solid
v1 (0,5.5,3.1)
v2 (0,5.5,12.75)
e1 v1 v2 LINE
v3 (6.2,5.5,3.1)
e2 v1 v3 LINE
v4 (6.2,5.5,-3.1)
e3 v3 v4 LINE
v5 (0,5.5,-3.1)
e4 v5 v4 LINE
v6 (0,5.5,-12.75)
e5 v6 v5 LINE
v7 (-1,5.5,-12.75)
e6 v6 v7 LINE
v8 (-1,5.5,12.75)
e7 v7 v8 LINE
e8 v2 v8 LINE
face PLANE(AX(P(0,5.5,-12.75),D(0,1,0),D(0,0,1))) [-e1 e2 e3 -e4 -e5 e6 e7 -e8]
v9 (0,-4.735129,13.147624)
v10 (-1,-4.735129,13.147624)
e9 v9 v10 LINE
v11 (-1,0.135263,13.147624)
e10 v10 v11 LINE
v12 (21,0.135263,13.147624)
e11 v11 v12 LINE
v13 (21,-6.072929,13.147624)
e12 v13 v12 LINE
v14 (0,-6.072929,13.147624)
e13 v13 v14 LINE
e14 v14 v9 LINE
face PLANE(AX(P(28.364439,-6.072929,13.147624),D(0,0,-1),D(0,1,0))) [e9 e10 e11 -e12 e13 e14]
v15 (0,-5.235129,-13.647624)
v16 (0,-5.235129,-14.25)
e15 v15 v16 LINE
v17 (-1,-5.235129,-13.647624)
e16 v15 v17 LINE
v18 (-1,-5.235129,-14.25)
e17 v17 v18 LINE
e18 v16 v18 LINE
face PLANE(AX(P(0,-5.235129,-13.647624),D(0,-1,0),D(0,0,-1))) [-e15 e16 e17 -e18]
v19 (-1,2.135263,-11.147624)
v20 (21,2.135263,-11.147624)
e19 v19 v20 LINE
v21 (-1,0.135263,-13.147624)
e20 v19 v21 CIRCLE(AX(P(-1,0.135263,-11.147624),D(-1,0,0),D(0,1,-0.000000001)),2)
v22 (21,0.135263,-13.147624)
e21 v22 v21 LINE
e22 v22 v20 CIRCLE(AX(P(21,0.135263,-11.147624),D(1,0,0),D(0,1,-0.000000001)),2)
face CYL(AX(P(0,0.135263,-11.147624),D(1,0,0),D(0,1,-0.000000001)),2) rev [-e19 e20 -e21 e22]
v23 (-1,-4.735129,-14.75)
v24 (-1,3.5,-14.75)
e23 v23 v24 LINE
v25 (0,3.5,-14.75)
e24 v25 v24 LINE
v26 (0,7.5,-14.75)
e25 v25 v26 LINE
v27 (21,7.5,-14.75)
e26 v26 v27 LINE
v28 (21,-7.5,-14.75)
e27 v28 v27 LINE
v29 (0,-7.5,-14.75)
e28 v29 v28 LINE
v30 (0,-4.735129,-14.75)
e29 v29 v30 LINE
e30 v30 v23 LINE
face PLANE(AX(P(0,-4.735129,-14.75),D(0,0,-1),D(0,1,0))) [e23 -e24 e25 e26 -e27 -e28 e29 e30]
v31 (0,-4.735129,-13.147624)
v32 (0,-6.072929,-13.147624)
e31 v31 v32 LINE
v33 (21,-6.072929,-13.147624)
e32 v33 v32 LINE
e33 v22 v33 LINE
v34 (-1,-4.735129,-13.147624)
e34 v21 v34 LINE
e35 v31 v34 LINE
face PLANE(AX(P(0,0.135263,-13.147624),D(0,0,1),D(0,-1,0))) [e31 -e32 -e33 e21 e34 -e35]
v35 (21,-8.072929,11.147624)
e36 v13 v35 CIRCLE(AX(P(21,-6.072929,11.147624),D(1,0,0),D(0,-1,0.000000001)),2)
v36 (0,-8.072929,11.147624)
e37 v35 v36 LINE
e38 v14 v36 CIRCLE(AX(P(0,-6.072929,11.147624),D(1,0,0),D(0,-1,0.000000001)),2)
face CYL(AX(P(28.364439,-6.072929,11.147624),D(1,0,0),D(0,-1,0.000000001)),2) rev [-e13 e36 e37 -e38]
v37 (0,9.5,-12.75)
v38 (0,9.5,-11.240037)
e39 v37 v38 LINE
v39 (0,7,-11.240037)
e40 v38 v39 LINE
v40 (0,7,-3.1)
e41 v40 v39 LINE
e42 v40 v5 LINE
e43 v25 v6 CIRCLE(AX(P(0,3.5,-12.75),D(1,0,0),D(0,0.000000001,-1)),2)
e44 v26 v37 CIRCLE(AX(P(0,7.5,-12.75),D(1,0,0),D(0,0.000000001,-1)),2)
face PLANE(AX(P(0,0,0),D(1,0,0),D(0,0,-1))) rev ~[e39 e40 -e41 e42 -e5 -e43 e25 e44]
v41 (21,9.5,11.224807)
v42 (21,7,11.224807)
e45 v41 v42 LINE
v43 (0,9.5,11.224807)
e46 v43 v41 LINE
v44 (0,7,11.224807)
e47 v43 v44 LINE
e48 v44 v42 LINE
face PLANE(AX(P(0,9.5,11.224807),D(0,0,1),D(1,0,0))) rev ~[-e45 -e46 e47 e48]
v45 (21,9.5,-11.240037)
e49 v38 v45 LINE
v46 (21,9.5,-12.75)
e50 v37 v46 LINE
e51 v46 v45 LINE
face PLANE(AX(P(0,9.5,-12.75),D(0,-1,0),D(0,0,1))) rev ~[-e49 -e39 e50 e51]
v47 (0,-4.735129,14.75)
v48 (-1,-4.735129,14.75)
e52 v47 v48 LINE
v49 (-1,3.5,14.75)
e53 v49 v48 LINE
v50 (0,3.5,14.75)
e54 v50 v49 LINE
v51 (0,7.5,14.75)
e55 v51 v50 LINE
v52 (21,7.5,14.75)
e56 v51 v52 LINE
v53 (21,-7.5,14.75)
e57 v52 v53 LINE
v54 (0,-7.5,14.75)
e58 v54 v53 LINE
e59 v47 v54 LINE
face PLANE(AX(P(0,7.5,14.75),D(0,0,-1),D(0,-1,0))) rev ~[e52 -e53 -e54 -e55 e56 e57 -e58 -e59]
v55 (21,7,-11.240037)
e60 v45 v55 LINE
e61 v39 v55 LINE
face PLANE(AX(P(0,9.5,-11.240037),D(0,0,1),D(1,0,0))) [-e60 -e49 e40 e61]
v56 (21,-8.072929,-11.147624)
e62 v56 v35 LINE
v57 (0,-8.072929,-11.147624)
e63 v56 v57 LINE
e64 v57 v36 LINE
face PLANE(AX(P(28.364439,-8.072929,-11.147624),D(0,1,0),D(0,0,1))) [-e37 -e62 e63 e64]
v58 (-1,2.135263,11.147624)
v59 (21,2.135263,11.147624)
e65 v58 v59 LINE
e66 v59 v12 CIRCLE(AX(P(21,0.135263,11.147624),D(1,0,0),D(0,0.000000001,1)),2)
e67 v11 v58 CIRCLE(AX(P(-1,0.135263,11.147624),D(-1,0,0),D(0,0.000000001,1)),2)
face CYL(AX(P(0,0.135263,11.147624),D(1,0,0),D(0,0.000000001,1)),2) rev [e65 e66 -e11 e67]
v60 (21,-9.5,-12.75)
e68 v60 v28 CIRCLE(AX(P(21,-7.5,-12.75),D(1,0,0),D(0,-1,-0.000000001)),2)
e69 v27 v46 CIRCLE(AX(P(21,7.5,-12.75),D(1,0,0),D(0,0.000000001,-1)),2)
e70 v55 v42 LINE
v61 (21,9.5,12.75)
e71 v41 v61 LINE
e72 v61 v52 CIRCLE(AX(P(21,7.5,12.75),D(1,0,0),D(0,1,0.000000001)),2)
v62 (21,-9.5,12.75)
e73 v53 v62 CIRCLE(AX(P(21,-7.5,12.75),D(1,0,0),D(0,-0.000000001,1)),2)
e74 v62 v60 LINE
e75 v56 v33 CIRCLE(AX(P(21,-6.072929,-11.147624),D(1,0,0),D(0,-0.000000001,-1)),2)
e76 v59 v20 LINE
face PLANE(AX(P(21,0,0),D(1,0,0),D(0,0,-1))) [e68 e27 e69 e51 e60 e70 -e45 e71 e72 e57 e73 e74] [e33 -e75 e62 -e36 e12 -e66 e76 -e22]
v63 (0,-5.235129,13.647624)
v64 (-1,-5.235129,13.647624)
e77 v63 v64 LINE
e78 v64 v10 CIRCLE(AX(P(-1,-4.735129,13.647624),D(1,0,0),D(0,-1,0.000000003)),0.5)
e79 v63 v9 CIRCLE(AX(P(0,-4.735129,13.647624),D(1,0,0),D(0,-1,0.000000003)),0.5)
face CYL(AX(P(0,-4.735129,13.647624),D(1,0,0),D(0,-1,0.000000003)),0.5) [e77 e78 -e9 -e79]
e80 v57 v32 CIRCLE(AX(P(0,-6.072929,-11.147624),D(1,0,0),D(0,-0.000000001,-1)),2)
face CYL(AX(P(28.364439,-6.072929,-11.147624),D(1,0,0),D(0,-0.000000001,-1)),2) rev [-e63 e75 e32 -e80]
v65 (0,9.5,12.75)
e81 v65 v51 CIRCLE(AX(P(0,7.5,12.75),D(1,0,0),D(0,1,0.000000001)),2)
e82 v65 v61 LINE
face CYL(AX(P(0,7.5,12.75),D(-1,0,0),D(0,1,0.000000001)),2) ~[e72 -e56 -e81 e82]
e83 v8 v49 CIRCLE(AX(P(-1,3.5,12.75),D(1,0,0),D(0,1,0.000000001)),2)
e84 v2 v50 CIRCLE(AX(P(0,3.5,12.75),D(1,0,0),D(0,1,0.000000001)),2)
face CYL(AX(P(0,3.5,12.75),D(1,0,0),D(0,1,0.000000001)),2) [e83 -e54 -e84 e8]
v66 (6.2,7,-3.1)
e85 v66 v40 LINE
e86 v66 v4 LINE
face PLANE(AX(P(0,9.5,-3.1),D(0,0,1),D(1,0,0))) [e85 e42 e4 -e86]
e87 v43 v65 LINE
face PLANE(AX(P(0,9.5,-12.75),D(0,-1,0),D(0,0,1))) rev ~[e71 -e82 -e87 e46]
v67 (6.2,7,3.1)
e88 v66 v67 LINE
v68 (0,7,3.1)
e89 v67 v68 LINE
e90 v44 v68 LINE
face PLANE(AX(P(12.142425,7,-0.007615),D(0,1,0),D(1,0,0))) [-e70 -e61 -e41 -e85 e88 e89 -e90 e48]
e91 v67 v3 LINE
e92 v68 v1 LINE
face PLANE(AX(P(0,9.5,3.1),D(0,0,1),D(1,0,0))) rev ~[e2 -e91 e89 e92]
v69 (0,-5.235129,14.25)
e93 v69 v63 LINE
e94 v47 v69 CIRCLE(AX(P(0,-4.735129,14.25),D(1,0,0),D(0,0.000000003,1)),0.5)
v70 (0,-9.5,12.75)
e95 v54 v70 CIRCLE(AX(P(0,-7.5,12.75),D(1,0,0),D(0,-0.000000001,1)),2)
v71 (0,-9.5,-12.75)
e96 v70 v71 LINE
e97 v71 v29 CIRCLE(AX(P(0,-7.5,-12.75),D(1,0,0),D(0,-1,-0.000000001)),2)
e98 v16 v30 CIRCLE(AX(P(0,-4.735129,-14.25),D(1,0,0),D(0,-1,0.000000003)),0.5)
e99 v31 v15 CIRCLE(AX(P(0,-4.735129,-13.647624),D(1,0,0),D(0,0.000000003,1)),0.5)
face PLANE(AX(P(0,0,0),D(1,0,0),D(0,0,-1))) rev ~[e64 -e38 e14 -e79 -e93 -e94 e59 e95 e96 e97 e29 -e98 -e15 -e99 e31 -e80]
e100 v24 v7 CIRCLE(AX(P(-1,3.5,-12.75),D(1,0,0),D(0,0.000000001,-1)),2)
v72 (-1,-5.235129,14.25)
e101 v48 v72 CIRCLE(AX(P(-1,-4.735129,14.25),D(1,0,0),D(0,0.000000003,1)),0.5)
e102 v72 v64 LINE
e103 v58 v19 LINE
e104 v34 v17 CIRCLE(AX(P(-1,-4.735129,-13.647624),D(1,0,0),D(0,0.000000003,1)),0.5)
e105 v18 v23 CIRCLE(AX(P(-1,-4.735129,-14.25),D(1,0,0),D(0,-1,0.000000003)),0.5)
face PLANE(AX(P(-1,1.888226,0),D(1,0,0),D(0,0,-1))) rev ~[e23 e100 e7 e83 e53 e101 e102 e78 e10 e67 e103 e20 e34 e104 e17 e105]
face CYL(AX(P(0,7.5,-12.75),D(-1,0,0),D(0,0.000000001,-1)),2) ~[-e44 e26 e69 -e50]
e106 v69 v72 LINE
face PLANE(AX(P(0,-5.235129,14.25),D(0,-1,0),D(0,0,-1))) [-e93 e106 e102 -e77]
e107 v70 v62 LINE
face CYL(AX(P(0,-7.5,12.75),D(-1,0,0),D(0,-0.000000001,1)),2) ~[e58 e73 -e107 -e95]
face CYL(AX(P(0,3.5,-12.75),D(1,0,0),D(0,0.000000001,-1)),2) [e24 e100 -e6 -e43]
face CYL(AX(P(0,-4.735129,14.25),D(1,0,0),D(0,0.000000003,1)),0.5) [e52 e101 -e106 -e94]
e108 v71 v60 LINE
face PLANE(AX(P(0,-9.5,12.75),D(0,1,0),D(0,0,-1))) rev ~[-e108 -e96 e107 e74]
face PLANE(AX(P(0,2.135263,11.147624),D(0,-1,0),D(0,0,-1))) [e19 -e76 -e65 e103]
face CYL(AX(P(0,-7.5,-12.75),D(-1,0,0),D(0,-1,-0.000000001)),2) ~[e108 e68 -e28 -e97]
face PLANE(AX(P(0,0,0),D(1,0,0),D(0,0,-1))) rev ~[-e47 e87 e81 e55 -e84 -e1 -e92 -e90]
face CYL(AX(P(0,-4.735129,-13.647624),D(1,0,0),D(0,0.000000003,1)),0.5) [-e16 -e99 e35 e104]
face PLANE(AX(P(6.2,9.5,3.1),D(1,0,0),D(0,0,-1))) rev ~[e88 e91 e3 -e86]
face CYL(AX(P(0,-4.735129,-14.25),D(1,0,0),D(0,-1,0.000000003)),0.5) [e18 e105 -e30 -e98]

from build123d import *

# Parameters (mm, degrees)
BOSS_EXTRUDE1_DEPTH     = 21
SKETCH5_W               = 6.2
SKETCH5_H               = 6.2
CUT_EXTRUDE1_DEPTH      = 4
CUT_EXTRUDE2_DEPTH      = 28.364438602
CUT_EXTRUDE2_DEPTH_BACK = 28.364438602
SKETCH9_W               = 24.284850455
SKETCH9_H               = 22.464844075
CUT_EXTRUDE3_DEPTH      = 2.5
BOSS_EXTRUDE2_DEPTH     = 1


with BuildPart() as part:
    # Sketch3 → Boss-Extrude1 (new body)
    with BuildSketch(Plane(origin=(0, 0, 0), x_dir=(0, 0, -1), z_dir=(1, 0, 0))):
        with BuildLine():
            Line((-12.75, -9.5), (12.75, -9.5))
            ThreePointArc((12.75, -9.5), (14.164213562, -8.914213562), (14.75, -7.5))
            Line((14.75, -7.5), (14.75, 7.5))
            ThreePointArc((14.75, 7.5), (14.164213562, 8.914213562), (12.75, 9.5))
            Line((12.75, 9.5), (-12.75, 9.5))
            ThreePointArc((-12.75, 9.5), (-14.164213562, 8.914213562), (-14.75, 7.5))
            Line((-14.75, 7.5), (-14.75, -7.5))
            ThreePointArc((-14.75, -7.5), (-14.164213562, -8.914213562), (-12.75, -9.5))
        make_face()
    extrude(amount=BOSS_EXTRUDE1_DEPTH)

    # Sketch5 → Cut-Extrude1 (cut)
    with BuildSketch(Plane(origin=(0, 9.5, 0), x_dir=(1, 0, 0), z_dir=(0, 1, 0))):
        with Locations((3.1, 0)):
            Rectangle(SKETCH5_W, SKETCH5_H)
    extrude(amount=-CUT_EXTRUDE1_DEPTH, mode=Mode.SUBTRACT)

    # Sketch7 → Cut-Extrude2 (cut, two sides: drawn at the far end of the back side and taken through both)
    with BuildSketch(Plane.ZY.offset(-CUT_EXTRUDE2_DEPTH_BACK)):
        with BuildLine():
            Line((-11.147623693, -8.072928754), (11.147623693, -8.072928754))
            ThreePointArc((11.147623693, -8.072928754), (12.561837255, -7.487142316), (13.147623693, -6.072928754))
            Line((13.147623693, -6.072928754), (13.147623693, 0.135263404))
            ThreePointArc((13.147623693, 0.135263404), (12.561837255, 1.549476966), (11.147623693, 2.135263404))
            Line((11.147623693, 2.135263404), (-11.147623693, 2.135263404))
            ThreePointArc((-11.147623693, 2.135263404), (-12.561837255, 1.549476966), (-13.147623693, 0.135263404))
            Line((-13.147623693, 0.135263404), (-13.147623693, -6.072928754))
            ThreePointArc((-13.147623693, -6.072928754), (-12.561837255, -7.487142316), (-11.147623693, -8.072928754))
        make_face()
    extrude(amount=CUT_EXTRUDE2_DEPTH + CUT_EXTRUDE2_DEPTH_BACK, mode=Mode.SUBTRACT)

    # Sketch9 → Cut-Extrude3 (cut)
    with BuildSketch(Plane(origin=(0, 9.5, 0), x_dir=(1, 0, 0), z_dir=(0, 1, 0))):
        with Locations((12.142425228, 0.007615305)):
            Rectangle(SKETCH9_W, SKETCH9_H)
    extrude(amount=-CUT_EXTRUDE3_DEPTH, mode=Mode.SUBTRACT)

    # Sketch11 → Boss-Extrude2 (add)
    with BuildSketch(Plane.ZY):
        with BuildLine():
            Line((-13.647623693, -5.23512894), (-14.25, -5.23512894))
            ThreePointArc((-14.25, -5.23512894), (-14.603553391, -5.088682331), (-14.75, -4.73512894))
            Line((-14.75, -4.73512894), (-14.75, 3.5))
            ThreePointArc((-14.75, 3.5), (-14.164213562, 4.914213562), (-12.75, 5.5))
            Line((-12.75, 5.5), (12.75, 5.5))
            ThreePointArc((12.75, 5.5), (14.164213562, 4.914213562), (14.75, 3.5))
            Line((14.75, 3.5), (14.75, -4.73512894))
            ThreePointArc((14.75, -4.73512894), (14.603553391, -5.088682331), (14.25, -5.23512894))
            Line((14.25, -5.23512894), (13.647623693, -5.23512894))
            ThreePointArc((13.647623693, -5.23512894), (13.294070302, -5.088682331), (13.147623693, -4.73512894))
            Line((13.147623693, -4.73512894), (13.147623693, 0.135263404))
            ThreePointArc((13.147623693, 0.135263404), (12.561837255, 1.549476966), (11.147623693, 2.135263404))
            Line((11.147623693, 2.135263404), (-11.147623693, 2.135263404))
            ThreePointArc((-11.147623693, 2.135263404), (-12.561837255, 1.549476966), (-13.147623693, 0.135263404))
            Line((-13.147623693, 0.135263404), (-13.147623693, -4.73512894))
            ThreePointArc((-13.147623693, -4.73512894), (-13.294070302, -5.088682331), (-13.647623693, -5.23512894))
        make_face()
    extrude(amount=BOSS_EXTRUDE2_DEPTH)


solid = part.part
